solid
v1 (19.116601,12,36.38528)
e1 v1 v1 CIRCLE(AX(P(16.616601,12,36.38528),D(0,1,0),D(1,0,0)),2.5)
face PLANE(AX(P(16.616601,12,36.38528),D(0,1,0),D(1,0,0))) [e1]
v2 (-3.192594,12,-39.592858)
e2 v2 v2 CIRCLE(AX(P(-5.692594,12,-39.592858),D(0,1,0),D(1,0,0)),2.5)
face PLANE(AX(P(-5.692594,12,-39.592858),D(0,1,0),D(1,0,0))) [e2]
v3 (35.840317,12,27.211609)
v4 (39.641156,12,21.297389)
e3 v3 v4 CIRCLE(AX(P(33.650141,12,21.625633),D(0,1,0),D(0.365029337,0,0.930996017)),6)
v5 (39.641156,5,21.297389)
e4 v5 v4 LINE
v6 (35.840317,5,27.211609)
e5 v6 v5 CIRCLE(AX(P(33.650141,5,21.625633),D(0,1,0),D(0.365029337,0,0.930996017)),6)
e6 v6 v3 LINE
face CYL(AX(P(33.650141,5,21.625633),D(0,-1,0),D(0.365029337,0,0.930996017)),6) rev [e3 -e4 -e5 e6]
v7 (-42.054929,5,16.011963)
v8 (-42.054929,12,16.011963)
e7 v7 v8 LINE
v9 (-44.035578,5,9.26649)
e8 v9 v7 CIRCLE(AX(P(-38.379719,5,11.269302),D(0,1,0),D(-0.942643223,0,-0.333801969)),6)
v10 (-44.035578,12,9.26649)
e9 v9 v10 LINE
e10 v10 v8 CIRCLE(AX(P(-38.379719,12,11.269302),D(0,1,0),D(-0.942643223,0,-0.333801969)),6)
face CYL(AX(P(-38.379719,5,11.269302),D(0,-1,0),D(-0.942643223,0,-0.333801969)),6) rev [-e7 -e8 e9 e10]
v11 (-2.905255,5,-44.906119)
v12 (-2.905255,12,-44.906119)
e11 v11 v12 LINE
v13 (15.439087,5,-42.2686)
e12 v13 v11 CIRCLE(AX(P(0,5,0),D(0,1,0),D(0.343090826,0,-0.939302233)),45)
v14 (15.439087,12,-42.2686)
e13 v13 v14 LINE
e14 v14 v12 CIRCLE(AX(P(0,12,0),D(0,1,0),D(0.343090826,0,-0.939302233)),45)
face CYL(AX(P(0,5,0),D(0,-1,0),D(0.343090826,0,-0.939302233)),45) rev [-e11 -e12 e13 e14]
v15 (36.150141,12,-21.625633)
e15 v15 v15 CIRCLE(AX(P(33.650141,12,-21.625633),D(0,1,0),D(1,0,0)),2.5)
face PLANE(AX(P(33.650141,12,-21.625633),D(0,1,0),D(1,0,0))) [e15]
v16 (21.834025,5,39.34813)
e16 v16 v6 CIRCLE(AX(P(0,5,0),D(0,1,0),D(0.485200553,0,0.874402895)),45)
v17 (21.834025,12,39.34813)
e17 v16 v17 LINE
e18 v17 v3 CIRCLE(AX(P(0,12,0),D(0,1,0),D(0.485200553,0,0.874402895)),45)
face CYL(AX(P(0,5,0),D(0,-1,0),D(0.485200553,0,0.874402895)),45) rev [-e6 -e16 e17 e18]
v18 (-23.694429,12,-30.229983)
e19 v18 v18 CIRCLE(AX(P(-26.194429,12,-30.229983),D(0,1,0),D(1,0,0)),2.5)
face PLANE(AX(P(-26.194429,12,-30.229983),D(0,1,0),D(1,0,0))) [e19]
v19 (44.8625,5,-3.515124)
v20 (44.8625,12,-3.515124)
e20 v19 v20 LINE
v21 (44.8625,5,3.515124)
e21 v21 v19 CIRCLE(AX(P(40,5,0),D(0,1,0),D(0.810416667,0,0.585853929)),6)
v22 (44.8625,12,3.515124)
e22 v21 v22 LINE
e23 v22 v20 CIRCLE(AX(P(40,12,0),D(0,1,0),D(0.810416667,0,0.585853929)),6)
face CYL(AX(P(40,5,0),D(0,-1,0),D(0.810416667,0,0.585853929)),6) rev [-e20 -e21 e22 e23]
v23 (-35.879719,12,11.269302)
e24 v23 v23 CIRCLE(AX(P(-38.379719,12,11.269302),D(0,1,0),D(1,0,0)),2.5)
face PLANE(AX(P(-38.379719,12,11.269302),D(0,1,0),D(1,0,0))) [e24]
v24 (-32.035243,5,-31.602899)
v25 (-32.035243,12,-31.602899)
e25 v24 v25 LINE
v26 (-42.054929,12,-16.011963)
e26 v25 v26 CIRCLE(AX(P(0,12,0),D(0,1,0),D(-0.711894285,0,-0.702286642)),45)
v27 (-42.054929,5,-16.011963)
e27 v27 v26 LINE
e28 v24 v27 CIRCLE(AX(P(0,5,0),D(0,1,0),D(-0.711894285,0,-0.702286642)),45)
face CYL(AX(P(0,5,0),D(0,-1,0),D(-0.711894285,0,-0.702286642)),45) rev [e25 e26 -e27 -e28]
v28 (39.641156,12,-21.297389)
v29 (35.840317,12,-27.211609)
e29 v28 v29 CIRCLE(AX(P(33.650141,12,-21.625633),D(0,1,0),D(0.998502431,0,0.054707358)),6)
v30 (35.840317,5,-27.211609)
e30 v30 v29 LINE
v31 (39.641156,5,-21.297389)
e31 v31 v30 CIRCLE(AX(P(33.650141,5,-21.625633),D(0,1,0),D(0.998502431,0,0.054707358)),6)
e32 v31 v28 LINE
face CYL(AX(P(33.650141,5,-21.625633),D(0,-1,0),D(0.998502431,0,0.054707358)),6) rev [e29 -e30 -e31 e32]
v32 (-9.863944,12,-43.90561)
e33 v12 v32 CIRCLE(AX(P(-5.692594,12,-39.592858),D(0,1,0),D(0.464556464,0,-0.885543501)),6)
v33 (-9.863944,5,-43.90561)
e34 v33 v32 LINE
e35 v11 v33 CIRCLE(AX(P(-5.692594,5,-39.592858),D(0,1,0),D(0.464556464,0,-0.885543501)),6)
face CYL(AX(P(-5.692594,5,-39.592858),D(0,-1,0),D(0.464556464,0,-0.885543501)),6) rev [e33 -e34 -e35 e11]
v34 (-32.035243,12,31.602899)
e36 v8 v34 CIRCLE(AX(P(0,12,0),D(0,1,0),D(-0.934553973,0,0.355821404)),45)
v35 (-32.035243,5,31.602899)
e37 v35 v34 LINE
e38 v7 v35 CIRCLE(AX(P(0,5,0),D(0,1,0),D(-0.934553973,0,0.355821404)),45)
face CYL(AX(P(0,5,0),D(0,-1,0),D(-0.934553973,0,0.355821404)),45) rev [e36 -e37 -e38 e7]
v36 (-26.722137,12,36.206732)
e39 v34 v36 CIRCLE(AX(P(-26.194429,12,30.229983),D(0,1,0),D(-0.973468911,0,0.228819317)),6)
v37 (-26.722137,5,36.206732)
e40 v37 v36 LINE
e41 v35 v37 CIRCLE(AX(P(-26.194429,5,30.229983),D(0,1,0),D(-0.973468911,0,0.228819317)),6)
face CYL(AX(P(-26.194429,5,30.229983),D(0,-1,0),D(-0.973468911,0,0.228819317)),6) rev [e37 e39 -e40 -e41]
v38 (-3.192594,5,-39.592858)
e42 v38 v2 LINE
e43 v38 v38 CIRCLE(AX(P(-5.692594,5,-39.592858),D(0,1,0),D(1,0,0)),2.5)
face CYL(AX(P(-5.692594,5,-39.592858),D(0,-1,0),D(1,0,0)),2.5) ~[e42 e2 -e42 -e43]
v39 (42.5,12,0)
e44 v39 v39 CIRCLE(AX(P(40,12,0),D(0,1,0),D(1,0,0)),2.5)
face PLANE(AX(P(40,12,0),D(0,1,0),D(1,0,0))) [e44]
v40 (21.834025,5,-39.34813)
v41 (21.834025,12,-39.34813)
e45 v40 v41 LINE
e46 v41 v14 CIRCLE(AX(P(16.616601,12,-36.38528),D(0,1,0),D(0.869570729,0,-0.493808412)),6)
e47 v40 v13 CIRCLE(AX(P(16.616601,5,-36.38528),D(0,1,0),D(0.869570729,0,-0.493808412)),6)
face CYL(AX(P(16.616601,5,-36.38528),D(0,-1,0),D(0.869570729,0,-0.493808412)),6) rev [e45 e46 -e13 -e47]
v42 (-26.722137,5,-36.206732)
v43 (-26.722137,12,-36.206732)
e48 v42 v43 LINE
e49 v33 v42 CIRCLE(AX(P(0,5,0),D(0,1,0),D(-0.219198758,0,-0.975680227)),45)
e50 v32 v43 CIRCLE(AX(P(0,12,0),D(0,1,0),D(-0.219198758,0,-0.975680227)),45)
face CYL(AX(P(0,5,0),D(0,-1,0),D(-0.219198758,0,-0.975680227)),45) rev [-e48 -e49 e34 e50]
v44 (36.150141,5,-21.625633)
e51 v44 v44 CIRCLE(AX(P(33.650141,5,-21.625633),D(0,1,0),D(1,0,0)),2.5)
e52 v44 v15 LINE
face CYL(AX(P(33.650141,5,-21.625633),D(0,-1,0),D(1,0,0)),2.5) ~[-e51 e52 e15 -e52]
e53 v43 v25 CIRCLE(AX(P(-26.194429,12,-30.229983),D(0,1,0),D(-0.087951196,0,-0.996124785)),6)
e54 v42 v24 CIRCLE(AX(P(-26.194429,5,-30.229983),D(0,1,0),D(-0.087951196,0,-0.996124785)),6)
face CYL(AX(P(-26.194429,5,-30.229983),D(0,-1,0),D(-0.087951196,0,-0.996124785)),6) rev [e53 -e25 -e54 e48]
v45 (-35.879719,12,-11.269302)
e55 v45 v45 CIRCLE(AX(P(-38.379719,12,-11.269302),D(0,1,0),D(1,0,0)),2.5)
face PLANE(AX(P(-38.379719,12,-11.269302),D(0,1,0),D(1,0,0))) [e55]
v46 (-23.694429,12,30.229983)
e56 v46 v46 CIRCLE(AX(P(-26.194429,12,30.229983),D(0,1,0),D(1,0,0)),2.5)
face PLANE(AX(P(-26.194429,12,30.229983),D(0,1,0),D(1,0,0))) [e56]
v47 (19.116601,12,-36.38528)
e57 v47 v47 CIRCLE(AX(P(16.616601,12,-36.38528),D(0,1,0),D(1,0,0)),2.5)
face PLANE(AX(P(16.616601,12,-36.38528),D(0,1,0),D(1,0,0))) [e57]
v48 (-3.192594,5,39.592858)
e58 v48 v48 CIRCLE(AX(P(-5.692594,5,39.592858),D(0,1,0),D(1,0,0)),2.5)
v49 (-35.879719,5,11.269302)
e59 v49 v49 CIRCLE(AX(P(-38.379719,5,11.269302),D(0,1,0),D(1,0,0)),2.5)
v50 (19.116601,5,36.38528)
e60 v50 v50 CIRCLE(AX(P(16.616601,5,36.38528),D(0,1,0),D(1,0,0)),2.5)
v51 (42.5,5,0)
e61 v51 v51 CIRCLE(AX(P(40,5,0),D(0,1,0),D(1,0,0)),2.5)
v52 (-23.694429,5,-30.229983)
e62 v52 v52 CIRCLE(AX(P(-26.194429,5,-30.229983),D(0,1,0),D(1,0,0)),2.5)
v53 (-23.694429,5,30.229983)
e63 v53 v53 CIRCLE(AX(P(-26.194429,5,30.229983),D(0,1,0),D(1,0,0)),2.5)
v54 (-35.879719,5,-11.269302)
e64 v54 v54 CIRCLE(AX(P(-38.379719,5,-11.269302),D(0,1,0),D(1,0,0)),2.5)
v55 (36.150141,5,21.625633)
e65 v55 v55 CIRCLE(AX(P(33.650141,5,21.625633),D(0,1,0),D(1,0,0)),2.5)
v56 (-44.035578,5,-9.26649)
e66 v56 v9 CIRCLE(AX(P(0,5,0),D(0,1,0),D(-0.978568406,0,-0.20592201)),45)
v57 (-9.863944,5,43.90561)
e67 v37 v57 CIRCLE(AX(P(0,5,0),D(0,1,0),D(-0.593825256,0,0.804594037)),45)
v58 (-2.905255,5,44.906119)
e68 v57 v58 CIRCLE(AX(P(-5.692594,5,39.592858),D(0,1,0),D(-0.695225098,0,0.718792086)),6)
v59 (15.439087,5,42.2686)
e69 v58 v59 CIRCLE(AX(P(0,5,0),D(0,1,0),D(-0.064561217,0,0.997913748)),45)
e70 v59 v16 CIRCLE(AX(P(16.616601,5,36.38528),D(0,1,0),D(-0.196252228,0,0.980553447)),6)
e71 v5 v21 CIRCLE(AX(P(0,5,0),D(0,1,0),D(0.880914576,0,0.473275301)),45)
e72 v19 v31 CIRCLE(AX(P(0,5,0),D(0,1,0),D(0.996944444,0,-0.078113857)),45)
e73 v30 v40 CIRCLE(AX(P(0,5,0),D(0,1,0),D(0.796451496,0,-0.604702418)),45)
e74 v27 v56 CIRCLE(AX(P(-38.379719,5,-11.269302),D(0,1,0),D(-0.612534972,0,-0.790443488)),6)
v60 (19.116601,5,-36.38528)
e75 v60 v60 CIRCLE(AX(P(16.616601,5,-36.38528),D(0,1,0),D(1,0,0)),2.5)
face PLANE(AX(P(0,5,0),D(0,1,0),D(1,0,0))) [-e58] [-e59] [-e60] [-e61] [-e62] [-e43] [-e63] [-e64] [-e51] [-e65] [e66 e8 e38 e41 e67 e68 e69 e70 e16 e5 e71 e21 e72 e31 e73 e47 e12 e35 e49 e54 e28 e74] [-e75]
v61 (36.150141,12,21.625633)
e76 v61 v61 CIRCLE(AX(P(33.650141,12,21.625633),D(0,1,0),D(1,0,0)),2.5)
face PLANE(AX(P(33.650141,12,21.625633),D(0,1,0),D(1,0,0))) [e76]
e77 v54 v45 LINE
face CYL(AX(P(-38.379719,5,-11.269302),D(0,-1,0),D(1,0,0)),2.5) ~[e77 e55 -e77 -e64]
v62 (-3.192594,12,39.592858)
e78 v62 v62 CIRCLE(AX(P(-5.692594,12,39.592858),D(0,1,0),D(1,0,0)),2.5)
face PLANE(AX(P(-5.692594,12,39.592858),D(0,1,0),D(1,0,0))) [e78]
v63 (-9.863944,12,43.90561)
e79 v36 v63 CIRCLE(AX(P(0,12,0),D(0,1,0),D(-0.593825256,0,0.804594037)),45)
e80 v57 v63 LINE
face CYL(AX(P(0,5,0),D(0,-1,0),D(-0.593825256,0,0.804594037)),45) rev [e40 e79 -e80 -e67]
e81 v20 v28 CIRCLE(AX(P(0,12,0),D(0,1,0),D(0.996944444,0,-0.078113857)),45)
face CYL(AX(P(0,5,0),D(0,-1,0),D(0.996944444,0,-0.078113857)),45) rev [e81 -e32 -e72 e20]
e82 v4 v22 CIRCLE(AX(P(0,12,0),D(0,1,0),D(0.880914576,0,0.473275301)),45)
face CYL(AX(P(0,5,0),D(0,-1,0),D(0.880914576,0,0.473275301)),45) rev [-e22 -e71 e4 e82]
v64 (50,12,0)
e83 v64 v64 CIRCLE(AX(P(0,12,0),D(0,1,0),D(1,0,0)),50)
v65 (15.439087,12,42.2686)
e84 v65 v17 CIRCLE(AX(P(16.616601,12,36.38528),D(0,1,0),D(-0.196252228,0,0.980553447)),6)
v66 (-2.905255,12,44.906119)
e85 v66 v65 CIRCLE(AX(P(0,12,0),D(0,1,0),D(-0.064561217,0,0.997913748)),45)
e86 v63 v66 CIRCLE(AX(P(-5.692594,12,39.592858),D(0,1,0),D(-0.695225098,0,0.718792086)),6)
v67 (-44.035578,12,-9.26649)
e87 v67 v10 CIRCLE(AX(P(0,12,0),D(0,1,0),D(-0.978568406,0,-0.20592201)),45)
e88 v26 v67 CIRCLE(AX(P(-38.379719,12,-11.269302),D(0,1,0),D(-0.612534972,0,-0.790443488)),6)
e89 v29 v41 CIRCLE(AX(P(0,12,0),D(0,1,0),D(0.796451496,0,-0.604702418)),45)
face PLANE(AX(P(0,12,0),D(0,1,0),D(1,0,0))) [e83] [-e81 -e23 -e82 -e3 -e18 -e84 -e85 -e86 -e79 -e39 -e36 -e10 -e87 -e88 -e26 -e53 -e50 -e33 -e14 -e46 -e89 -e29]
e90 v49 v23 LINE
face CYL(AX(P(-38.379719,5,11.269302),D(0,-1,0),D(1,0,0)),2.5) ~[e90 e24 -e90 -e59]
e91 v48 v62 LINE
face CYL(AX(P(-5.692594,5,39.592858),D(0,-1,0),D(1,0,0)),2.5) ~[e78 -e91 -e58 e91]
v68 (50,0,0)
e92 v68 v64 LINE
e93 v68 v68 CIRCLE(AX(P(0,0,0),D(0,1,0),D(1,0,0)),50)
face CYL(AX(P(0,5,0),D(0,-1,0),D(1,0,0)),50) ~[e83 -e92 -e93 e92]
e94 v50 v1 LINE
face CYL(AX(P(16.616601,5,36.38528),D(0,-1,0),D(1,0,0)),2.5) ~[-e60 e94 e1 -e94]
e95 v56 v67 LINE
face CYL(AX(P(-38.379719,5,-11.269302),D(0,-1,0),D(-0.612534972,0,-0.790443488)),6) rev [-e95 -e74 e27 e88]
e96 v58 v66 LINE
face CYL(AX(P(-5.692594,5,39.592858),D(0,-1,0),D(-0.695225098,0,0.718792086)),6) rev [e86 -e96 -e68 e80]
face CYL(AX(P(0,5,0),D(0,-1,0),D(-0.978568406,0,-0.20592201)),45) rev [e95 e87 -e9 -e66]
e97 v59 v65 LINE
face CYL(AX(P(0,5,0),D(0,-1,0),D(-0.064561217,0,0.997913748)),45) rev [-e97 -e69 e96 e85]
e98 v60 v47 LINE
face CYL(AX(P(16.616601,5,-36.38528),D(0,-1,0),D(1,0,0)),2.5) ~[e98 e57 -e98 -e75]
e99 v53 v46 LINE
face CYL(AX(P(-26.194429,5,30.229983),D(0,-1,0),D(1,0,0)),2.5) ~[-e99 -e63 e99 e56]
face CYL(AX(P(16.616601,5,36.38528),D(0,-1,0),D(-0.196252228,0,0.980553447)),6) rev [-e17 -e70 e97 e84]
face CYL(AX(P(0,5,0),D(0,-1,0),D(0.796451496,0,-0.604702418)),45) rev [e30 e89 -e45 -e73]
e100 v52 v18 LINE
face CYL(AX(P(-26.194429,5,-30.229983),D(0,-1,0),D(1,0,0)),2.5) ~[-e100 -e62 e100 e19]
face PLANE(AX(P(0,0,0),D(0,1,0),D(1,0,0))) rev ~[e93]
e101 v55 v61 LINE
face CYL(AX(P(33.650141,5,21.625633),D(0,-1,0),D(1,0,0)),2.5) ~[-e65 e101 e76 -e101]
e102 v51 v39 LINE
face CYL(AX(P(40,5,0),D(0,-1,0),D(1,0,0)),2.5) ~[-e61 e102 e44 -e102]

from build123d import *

# Parameters (mm, degrees)
SKETCH2_R           = 50
BOSS_EXTRUDE1_DEPTH = 5
SKETCH3_R           = 2.5
BOSS_EXTRUDE2_DEPTH = 7
SKETCH4_R           = 50
BOSS_EXTRUDE3_DEPTH = 7


with BuildPart() as part:
    # Sketch2 → Boss-Extrude1 (new body)
    with BuildSketch(Plane(origin=(0, 0, 0), x_dir=(1, 0, 0), z_dir=(0, 1, 0))):
        Circle(SKETCH2_R)
    extrude(amount=BOSS_EXTRUDE1_DEPTH)

    # Sketch3 → Boss-Extrude2 (add)
    with BuildSketch(Plane(origin=(0, 5, 0), x_dir=(1, 0, 0), z_dir=(0, 1, 0))):
        with Locations((40, 0)):
            Circle(SKETCH3_R)
        with Locations((33.650141313, -21.625632698)):
            Circle(SKETCH3_R)
        with Locations((16.61660052, -36.385279814)):
            Circle(SKETCH3_R)
        with Locations((-5.692593531, -39.592857675)):
            Circle(SKETCH3_R)
        with Locations((-26.194429358, -30.229982974)):
            Circle(SKETCH3_R)
        with Locations((-38.379718945, -11.269302274)):
            Circle(SKETCH3_R)
        with Locations((-38.379718945, 11.269302274)):
            Circle(SKETCH3_R)
        with Locations((-26.194429358, 30.229982974)):
            Circle(SKETCH3_R)
        with Locations((-5.692593531, 39.592857675)):
            Circle(SKETCH3_R)
        with Locations((16.61660052, 36.385279814)):
            Circle(SKETCH3_R)
        with Locations((33.650141313, 21.625632698)):
            Circle(SKETCH3_R)
    extrude(amount=BOSS_EXTRUDE2_DEPTH)

    # Sketch4 → Boss-Extrude3 (add)
    with BuildSketch(Plane(origin=(0, 5, 0), x_dir=(1, 0, 0), z_dir=(0, 1, 0))):
        Circle(SKETCH4_R)
        with BuildLine():
            ThreePointArc((44.8625, -3.515123575), (46, 0), (44.8625, 3.515123575))
            ThreePointArc((44.8625, 3.515123575), (43.177183813, 12.677965058), (39.6411559, 21.297388547))
            ThreePointArc((39.6411559, 21.297388547), (38.69766251, 24.869477603), (35.840317333, 27.211608799))
            ThreePointArc((35.840317333, 27.211608799), (29.468733028, 34.008730846), (21.834024893, 39.348130286))
            ThreePointArc((21.834024893, 39.348130286), (19.109090598, 41.843071786), (15.439087149, 42.268600497))
            ThreePointArc((15.439087149, 42.268600497), (6.404167722, 44.541964885), (-2.905254746, 44.90611868))
            ThreePointArc((-2.905254746, 44.90611868), (-6.546482561, 45.531786327), (-9.863944118, 43.905610193))
            ThreePointArc((-9.863944118, 43.905610193), (-18.693675585, 40.933439791), (-26.722136531, 36.206731684))
            ThreePointArc((-26.722136531, 36.206731684), (-30.123593761, 34.76448042), (-32.035242822, 31.602898875))
            ThreePointArc((-32.035242822, 31.602898875), (-37.856408977, 24.328836786), (-42.054928776, 16.011963203))
            ThreePointArc((-42.054928776, 16.011963203), (-44.136676786, 12.959697615), (-44.035578281, 9.266490459))
            ThreePointArc((-44.035578281, 9.266490459), (-45, 0), (-44.035578281, -9.266490459))
            ThreePointArc((-44.035578281, -9.266490459), (-44.136676786, -12.959697615), (-42.054928776, -16.011963203))
            ThreePointArc((-42.054928776, -16.011963203), (-37.856408977, -24.328836786), (-32.035242822, -31.602898875))
            ThreePointArc((-32.035242822, -31.602898875), (-30.123593761, -34.76448042), (-26.722136531, -36.206731684))
            ThreePointArc((-26.722136531, -36.206731684), (-18.693675585, -40.933439791), (-9.863944118, -43.905610193))
            ThreePointArc((-9.863944118, -43.905610193), (-6.546482561, -45.531786327), (-2.905254746, -44.90611868))
            ThreePointArc((-2.905254746, -44.90611868), (6.404167722, -44.541964885), (15.439087149, -42.268600497))
            ThreePointArc((15.439087149, -42.268600497), (19.109090598, -41.843071786), (21.834024893, -39.348130286))
            ThreePointArc((21.834024893, -39.348130286), (29.468733028, -34.008730846), (35.840317333, -27.211608799))
            ThreePointArc((35.840317333, -27.211608799), (38.69766251, -24.869477603), (39.6411559, -21.297388547))
            ThreePointArc((39.6411559, -21.297388547), (43.177183813, -12.677965058), (44.8625, -3.515123575))
        make_face(mode=Mode.SUBTRACT)
    extrude(amount=BOSS_EXTRUDE3_DEPTH)


solid = part.part
